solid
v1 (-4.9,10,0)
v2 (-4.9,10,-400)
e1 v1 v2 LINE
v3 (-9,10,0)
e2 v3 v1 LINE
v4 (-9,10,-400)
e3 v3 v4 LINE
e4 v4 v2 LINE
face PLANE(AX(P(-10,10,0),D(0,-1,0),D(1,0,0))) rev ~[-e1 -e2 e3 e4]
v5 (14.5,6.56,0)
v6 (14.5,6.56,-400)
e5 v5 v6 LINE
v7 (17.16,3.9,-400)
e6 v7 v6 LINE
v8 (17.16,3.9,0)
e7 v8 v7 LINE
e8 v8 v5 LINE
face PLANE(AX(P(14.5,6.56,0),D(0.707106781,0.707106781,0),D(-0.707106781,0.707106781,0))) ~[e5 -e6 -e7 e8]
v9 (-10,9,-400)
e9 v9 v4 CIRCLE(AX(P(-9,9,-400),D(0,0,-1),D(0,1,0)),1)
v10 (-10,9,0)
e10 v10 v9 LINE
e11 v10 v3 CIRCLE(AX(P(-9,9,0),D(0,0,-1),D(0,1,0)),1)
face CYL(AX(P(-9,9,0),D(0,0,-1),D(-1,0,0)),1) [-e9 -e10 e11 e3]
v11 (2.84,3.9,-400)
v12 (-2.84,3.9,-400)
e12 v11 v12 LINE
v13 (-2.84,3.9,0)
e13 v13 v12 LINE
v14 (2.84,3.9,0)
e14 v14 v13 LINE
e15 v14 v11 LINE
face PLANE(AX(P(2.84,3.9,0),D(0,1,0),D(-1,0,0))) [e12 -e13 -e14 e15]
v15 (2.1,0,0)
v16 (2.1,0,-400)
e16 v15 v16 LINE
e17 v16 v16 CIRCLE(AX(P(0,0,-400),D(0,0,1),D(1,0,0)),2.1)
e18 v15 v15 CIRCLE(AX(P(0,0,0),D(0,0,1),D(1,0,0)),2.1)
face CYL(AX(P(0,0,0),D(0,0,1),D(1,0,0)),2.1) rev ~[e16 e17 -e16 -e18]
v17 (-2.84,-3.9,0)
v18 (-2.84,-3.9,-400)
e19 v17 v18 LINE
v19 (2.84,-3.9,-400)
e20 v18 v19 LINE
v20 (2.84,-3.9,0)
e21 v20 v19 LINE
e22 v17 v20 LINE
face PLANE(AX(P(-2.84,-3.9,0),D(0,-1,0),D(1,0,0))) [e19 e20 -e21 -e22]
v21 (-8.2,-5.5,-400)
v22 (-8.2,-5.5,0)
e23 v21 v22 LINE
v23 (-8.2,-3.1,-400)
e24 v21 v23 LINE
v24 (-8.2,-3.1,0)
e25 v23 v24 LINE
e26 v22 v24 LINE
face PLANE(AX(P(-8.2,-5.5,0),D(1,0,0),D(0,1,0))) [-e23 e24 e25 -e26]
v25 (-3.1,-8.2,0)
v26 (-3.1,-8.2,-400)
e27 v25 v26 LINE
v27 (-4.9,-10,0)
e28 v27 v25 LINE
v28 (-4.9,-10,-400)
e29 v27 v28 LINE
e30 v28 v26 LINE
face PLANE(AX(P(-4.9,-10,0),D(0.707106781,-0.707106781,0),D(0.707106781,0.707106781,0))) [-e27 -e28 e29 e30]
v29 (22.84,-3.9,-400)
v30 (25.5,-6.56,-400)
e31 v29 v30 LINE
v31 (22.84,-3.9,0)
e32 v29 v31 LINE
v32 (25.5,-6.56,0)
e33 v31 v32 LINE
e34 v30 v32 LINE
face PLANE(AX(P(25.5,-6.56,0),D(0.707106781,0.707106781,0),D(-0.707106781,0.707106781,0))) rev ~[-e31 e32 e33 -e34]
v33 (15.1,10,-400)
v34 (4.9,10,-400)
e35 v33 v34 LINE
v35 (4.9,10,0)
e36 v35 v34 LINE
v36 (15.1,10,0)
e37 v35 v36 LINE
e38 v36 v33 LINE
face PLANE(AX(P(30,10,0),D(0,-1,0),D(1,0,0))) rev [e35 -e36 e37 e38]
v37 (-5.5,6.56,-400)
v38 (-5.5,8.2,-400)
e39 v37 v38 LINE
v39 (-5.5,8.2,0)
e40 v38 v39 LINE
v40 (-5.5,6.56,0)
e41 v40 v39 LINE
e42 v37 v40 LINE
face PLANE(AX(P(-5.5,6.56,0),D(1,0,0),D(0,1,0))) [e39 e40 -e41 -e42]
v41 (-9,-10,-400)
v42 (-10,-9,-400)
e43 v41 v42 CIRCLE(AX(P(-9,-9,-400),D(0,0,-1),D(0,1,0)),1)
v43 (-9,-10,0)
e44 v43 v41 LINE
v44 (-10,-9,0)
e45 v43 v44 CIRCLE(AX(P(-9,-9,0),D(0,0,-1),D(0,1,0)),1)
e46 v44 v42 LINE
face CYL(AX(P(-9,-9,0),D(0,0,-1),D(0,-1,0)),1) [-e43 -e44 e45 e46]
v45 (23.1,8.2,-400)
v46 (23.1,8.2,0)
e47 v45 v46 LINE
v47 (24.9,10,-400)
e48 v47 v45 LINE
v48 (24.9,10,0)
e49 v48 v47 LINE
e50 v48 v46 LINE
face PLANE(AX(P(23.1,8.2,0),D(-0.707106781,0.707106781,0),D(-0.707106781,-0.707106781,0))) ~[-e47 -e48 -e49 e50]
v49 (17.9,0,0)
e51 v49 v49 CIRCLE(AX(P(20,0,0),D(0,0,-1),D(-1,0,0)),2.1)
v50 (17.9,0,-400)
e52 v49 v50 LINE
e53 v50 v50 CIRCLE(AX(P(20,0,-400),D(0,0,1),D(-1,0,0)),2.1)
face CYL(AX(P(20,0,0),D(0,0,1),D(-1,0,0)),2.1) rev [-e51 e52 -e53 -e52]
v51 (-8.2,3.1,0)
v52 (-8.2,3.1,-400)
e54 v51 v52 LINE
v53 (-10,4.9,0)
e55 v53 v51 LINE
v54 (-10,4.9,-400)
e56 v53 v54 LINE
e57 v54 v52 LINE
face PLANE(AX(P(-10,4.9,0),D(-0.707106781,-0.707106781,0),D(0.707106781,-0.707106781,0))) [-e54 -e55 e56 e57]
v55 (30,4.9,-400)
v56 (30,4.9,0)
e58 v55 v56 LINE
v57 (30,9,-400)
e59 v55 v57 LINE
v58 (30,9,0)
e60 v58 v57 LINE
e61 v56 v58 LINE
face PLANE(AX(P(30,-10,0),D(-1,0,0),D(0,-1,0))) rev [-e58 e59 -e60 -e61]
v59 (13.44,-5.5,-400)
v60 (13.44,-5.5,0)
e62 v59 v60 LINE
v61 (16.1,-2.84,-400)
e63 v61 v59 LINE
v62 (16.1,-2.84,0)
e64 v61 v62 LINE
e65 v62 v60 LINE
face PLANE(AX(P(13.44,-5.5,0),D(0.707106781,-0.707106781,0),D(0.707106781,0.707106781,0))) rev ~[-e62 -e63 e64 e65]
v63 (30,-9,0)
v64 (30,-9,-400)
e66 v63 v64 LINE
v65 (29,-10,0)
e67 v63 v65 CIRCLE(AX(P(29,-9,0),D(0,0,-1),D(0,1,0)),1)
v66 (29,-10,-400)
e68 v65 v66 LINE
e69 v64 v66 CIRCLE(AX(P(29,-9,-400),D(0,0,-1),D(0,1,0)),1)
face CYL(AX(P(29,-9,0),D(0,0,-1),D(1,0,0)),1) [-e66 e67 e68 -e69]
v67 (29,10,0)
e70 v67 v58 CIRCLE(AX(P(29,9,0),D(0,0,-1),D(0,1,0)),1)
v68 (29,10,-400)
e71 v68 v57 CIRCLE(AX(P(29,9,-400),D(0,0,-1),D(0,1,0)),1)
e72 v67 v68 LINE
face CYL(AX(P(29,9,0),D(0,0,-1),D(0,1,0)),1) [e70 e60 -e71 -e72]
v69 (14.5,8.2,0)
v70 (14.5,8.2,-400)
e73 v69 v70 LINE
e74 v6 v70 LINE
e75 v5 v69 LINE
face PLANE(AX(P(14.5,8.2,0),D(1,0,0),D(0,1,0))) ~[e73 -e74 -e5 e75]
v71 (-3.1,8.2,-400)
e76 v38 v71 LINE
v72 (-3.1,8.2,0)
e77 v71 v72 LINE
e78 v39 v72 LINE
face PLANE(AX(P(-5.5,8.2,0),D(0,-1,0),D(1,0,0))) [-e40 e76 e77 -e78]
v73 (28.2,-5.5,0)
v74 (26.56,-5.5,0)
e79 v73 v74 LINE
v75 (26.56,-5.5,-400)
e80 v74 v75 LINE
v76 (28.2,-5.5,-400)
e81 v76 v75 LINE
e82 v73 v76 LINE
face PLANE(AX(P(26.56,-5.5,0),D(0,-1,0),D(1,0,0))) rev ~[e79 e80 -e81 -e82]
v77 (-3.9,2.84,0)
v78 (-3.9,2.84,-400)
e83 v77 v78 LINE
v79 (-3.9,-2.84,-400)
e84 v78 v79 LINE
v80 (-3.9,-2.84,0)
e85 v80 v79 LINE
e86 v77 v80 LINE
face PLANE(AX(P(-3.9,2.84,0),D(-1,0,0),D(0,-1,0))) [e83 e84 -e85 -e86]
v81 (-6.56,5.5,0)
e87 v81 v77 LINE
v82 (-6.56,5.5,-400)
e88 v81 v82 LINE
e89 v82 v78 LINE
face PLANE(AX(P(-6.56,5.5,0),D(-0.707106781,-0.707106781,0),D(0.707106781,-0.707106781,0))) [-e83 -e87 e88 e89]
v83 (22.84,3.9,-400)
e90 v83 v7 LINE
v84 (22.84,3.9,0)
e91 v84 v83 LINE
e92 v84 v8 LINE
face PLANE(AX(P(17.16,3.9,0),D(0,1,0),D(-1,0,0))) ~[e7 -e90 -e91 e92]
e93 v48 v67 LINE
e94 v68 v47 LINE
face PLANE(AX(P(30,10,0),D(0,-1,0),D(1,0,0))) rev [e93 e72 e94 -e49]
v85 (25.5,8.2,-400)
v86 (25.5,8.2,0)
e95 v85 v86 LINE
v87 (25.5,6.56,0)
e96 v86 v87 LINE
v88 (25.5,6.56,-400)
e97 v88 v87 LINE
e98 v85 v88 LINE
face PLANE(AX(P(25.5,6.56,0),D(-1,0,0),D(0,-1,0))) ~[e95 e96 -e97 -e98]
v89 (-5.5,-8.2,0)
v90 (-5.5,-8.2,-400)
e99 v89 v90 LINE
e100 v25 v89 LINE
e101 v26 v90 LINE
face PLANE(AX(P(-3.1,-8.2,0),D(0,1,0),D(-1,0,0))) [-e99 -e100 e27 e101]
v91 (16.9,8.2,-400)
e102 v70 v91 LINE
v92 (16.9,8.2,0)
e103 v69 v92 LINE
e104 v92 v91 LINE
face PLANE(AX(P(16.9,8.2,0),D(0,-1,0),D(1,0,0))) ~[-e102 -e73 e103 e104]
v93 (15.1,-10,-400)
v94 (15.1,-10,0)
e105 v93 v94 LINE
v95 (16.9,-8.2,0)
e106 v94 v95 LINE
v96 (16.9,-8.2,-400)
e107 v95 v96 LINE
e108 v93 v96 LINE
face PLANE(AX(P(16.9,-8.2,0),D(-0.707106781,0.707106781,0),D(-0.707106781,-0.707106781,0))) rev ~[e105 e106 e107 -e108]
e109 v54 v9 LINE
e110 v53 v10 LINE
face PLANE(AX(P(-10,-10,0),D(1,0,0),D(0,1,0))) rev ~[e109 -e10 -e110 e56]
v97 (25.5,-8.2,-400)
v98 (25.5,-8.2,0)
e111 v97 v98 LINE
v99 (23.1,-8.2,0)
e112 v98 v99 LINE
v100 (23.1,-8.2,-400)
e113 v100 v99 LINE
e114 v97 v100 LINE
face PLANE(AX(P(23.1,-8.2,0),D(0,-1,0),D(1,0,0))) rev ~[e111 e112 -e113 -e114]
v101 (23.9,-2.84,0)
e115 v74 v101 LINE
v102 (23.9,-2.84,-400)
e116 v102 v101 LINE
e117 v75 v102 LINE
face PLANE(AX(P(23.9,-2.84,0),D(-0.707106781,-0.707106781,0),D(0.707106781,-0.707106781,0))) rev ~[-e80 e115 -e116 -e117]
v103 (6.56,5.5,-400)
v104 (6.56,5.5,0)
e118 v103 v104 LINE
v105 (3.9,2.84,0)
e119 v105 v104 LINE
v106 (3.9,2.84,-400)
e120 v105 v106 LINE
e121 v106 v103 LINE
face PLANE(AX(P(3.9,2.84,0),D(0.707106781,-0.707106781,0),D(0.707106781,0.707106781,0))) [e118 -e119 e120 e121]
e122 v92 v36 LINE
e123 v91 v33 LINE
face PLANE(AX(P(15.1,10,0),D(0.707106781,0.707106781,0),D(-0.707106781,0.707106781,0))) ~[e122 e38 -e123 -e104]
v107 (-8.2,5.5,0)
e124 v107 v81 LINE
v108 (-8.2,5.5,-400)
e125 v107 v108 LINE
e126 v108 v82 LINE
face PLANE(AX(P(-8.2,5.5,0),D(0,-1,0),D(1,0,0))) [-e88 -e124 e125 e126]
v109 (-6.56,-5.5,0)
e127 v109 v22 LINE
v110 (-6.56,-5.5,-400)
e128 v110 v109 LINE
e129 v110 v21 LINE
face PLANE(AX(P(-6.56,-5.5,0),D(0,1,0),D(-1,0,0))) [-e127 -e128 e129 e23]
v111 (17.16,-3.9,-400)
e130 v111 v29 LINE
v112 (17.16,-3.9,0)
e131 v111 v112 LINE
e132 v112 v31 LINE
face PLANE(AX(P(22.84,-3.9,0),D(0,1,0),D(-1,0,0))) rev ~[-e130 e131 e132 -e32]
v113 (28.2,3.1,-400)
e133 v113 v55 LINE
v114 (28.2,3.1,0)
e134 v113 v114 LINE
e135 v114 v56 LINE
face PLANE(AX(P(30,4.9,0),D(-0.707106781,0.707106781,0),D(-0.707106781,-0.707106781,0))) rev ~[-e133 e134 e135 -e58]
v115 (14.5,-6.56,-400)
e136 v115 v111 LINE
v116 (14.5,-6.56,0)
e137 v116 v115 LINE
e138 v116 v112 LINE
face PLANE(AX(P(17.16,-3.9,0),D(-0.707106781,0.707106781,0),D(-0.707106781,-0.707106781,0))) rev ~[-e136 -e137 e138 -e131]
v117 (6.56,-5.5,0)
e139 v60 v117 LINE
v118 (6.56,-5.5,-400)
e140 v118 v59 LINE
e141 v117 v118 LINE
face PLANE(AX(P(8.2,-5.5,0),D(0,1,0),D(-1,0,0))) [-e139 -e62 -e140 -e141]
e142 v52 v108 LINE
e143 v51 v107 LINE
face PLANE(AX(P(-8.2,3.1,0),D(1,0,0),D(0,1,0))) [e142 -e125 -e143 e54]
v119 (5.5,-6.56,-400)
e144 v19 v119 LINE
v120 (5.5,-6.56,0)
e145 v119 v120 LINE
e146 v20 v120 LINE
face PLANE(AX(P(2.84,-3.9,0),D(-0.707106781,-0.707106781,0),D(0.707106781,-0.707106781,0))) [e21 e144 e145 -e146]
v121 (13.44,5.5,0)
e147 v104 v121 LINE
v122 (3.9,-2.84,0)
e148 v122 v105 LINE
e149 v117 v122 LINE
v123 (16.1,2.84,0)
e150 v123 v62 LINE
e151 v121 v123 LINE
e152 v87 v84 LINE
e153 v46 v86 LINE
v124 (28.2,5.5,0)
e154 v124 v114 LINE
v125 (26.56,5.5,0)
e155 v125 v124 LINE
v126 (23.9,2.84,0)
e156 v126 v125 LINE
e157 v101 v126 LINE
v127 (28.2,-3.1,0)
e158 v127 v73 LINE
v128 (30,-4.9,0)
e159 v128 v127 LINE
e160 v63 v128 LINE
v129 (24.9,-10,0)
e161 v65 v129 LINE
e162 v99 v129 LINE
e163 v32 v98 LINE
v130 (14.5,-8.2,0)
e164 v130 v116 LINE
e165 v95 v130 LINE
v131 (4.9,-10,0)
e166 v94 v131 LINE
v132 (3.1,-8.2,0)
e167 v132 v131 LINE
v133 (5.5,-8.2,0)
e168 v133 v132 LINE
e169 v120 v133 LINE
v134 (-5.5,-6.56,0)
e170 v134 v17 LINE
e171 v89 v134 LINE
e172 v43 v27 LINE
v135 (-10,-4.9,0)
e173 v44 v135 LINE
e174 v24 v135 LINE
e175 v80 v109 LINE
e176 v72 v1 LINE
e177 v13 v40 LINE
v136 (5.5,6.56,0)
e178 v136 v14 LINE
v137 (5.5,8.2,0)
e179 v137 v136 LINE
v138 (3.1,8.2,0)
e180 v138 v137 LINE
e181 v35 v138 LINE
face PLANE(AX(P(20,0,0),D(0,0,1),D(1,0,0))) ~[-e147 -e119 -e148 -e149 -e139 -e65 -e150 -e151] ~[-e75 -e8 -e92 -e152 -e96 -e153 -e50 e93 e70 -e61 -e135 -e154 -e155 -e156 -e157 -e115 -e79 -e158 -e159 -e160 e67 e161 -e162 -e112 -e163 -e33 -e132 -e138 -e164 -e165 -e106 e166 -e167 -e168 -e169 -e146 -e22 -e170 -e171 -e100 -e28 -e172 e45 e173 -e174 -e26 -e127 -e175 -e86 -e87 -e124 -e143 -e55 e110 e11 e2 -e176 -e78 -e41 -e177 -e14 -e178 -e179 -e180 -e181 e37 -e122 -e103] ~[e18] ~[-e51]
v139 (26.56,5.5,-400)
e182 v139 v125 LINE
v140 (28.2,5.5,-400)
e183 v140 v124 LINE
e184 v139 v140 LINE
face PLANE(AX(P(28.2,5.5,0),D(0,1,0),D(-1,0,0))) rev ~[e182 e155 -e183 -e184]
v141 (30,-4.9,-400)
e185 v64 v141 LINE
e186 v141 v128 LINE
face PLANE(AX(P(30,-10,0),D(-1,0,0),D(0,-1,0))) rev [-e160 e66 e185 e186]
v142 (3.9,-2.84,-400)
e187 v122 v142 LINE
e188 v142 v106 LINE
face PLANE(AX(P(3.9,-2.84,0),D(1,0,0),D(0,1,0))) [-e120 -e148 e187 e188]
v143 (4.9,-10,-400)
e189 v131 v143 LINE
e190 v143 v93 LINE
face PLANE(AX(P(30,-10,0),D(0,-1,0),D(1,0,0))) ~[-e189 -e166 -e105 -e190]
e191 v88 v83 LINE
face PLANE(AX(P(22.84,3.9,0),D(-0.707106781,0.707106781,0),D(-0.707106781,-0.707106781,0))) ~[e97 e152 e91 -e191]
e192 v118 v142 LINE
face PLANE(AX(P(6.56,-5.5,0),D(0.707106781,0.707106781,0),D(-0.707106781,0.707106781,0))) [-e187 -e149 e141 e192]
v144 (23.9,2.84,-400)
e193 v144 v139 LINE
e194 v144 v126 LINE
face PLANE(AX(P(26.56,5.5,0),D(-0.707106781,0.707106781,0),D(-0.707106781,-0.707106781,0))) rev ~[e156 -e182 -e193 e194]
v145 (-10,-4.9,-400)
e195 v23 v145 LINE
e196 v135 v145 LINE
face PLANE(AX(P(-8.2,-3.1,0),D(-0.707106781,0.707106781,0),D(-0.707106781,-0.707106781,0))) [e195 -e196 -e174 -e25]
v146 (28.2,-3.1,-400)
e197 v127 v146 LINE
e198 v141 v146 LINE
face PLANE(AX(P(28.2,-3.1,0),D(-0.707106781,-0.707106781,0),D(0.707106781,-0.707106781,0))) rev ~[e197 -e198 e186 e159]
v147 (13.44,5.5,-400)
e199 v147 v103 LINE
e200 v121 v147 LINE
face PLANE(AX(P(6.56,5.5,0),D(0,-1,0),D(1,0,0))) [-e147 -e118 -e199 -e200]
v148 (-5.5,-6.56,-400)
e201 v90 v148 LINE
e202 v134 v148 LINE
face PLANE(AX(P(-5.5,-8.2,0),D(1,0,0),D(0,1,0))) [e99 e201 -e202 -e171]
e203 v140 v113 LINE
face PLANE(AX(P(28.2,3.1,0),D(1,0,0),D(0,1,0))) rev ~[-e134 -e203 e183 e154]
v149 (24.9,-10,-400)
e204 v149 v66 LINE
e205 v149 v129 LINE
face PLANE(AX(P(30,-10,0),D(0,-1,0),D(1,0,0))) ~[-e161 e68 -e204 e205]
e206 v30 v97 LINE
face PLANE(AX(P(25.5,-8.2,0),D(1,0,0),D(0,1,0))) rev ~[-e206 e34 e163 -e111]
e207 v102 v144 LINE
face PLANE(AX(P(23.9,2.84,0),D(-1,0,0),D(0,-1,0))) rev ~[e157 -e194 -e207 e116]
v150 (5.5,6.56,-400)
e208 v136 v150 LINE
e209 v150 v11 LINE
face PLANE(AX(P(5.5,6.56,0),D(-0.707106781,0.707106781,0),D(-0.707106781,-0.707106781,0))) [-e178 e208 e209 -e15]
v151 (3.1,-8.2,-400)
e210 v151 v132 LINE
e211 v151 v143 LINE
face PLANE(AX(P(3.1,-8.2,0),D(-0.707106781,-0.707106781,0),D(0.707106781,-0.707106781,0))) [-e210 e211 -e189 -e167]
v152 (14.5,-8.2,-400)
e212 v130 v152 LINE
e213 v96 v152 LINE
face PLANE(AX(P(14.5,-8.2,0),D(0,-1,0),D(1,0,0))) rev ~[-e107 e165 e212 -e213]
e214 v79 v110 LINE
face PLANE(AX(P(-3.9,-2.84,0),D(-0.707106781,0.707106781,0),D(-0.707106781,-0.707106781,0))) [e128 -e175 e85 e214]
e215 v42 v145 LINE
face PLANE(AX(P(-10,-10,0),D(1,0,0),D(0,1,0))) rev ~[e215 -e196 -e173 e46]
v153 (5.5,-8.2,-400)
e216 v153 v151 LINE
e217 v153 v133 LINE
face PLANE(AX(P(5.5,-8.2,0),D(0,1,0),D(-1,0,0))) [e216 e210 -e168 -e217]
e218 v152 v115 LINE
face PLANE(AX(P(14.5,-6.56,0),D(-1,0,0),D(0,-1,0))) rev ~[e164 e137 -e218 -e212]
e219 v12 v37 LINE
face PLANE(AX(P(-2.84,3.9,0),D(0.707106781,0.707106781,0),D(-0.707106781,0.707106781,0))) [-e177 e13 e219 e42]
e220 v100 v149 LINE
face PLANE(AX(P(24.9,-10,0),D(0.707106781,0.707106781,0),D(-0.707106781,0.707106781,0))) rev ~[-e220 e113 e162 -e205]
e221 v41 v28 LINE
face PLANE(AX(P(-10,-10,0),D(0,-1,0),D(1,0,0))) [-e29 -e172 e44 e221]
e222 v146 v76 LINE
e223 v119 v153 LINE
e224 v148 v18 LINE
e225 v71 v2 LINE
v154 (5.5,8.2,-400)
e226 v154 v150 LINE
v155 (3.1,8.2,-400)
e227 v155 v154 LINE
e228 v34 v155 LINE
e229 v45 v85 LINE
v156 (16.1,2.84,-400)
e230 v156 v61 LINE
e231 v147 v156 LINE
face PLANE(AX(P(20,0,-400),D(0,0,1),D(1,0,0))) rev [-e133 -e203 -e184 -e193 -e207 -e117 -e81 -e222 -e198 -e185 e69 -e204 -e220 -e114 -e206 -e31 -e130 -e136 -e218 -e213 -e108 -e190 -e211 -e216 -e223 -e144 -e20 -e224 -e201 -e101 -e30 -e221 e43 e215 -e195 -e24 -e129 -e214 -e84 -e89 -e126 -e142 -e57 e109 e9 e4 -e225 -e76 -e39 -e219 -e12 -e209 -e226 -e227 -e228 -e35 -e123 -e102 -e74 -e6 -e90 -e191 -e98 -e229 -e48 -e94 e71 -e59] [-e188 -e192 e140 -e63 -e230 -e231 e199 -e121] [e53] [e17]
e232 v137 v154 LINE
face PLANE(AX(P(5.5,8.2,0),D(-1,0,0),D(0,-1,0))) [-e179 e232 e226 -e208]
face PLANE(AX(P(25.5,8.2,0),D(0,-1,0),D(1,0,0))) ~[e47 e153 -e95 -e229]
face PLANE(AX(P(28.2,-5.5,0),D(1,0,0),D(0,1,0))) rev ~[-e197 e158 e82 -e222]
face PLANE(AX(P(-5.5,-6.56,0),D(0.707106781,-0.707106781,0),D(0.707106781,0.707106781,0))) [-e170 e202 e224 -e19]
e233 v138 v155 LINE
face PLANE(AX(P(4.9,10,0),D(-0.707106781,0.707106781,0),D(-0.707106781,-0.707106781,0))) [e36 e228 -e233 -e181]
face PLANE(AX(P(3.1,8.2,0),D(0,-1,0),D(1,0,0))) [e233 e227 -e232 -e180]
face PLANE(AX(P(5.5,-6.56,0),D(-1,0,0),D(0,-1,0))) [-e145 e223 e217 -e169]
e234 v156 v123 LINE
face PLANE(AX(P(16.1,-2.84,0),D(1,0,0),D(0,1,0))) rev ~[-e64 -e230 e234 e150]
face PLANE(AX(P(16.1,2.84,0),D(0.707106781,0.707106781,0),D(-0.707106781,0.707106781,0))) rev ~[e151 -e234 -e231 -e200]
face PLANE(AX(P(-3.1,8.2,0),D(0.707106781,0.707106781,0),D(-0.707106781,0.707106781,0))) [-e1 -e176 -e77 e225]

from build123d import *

# Parameters (mm, degrees)
SKETCH2_W            = 20
SKETCH2_H            = 20
BOSS_EXTRUDE1_DEPTH  = 400
CUT_EXTRUDE1_DEPTH   = 401.249921924
CIRPATTERN2_COUNT    = 4
SKETCH9_R            = 2.1
CUT_EXTRUDE2_DEPTH   = 401.249921924
MIRROR1_COPY_1_DEPTH = 401.249921924
MIRROR1_COPY_2_DEPTH = 401.249921924
MIRROR1_COPY_3_DEPTH = 401.249921924
CUT_EXTRUDE3_DEPTH   = 402.248052955
FILLET1_R            = 1


with BuildPart() as part:
    # Sketch2 → Boss-Extrude1 (new body)
    with BuildSketch(Plane.XY):
        Rectangle(SKETCH2_W, SKETCH2_H)
    boss_extrude1 = extrude(amount=-BOSS_EXTRUDE1_DEPTH)

    # Sketch3 → Cut-Extrude1 (cut, symmetric)
    with BuildSketch(Plane.XY):
        Polygon((-3.1, 8.2), (-4.9, 10), (4.9, 10), (3.1, 8.2), (5.5, 8.2), (5.5, 6.56), (2.84, 3.9), (-2.84, 3.9), (-5.5, 6.56), (-5.5, 8.2), align=None)
    cut_extrude1 = extrude(amount=CUT_EXTRUDE1_DEPTH, both=True, mode=Mode.SUBTRACT)

    # CirPattern2: Cut-Extrude1 ×4 about axis
    cirpattern2_axis = Axis((0, 0, 0), (0, 0, 1))
    for i in range(1, CIRPATTERN2_COUNT):
        add(cut_extrude1.rotate(cirpattern2_axis, i * 360 / CIRPATTERN2_COUNT), mode=Mode.SUBTRACT)

    # Sketch9 → Cut-Extrude2 (cut, through all)
    with BuildSketch(Plane.XY):
        Circle(SKETCH9_R)
    cut_extrude2 = extrude(amount=-CUT_EXTRUDE2_DEPTH, mode=Mode.SUBTRACT)

    # Mirror1: Boss-Extrude1, Cut-Extrude1, Cut-Extrude2 across plane
    add(boss_extrude1.mirror(Plane(origin=(10, 10, -400), x_dir=(0, 0, 1), z_dir=(1, 0, 0))))
    add(cut_extrude1.mirror(Plane(origin=(10, 10, -400), x_dir=(0, 0, 1), z_dir=(1, 0, 0))), mode=Mode.SUBTRACT)
    add(cut_extrude2.mirror(Plane(origin=(10, 10, -400), x_dir=(0, 0, 1), z_dir=(1, 0, 0))), mode=Mode.SUBTRACT)

    # Mirror1 copy 1 sketch → Mirror1 copy 1 (cut, symmetric)
    with BuildSketch(Plane(origin=(20, 0, 0), x_dir=(0, 1, 0), z_dir=(0, 0, 1))):
        Polygon((-3.1, -8.2), (-4.9, -10), (4.9, -10), (3.1, -8.2), (5.5, -8.2), (5.5, -6.56), (2.84, -3.9), (-2.84, -3.9), (-5.5, -6.56), (-5.5, -8.2), align=None)
    extrude(amount=MIRROR1_COPY_1_DEPTH, both=True, mode=Mode.SUBTRACT)

    # Mirror1 copy 2 sketch → Mirror1 copy 2 (cut, symmetric)
    with BuildSketch(Plane(origin=(20, 0, 0), x_dir=(1, 0, 0), z_dir=(0, 0, 1))):
        Polygon((-3.1, -8.2), (-4.9, -10), (4.9, -10), (3.1, -8.2), (5.5, -8.2), (5.5, -6.56), (2.84, -3.9), (-2.84, -3.9), (-5.5, -6.56), (-5.5, -8.2), align=None)
    extrude(amount=MIRROR1_COPY_2_DEPTH, both=True, mode=Mode.SUBTRACT)

    # Mirror1 copy 3 sketch → Mirror1 copy 3 (cut, symmetric)
    with BuildSketch(Plane(origin=(20, 0, 0), x_dir=(0, -1, 0), z_dir=(0, 0, 1))):
        Polygon((-3.1, -8.2), (-4.9, -10), (4.9, -10), (3.1, -8.2), (5.5, -8.2), (5.5, -6.56), (2.84, -3.9), (-2.84, -3.9), (-5.5, -6.56), (-5.5, -8.2), align=None)
    extrude(amount=MIRROR1_COPY_3_DEPTH, both=True, mode=Mode.SUBTRACT)

    # Sketch10 → Cut-Extrude3 (cut, through all)
    with BuildSketch(Plane.XY):
        Polygon((13.44, -5.5), (11.8, -5.5), (8.2, -5.5), (6.56, -5.5), (6.56, 5.5), (8.2, 5.5), (11.8, 5.5), (13.44, 5.5), align=None)
    extrude(amount=-CUT_EXTRUDE3_DEPTH, mode=Mode.SUBTRACT)

    # Fillet1
    fillet1_edges = [part.edges().sort_by_distance(p)[0] for p in [
        (30, 10, -200),
        (30, -10, -200),
        (-10, 10, -200),
        (-10, -10, -200),
    ]]
    fillet(fillet1_edges, radius=FILLET1_R)


solid = part.part
